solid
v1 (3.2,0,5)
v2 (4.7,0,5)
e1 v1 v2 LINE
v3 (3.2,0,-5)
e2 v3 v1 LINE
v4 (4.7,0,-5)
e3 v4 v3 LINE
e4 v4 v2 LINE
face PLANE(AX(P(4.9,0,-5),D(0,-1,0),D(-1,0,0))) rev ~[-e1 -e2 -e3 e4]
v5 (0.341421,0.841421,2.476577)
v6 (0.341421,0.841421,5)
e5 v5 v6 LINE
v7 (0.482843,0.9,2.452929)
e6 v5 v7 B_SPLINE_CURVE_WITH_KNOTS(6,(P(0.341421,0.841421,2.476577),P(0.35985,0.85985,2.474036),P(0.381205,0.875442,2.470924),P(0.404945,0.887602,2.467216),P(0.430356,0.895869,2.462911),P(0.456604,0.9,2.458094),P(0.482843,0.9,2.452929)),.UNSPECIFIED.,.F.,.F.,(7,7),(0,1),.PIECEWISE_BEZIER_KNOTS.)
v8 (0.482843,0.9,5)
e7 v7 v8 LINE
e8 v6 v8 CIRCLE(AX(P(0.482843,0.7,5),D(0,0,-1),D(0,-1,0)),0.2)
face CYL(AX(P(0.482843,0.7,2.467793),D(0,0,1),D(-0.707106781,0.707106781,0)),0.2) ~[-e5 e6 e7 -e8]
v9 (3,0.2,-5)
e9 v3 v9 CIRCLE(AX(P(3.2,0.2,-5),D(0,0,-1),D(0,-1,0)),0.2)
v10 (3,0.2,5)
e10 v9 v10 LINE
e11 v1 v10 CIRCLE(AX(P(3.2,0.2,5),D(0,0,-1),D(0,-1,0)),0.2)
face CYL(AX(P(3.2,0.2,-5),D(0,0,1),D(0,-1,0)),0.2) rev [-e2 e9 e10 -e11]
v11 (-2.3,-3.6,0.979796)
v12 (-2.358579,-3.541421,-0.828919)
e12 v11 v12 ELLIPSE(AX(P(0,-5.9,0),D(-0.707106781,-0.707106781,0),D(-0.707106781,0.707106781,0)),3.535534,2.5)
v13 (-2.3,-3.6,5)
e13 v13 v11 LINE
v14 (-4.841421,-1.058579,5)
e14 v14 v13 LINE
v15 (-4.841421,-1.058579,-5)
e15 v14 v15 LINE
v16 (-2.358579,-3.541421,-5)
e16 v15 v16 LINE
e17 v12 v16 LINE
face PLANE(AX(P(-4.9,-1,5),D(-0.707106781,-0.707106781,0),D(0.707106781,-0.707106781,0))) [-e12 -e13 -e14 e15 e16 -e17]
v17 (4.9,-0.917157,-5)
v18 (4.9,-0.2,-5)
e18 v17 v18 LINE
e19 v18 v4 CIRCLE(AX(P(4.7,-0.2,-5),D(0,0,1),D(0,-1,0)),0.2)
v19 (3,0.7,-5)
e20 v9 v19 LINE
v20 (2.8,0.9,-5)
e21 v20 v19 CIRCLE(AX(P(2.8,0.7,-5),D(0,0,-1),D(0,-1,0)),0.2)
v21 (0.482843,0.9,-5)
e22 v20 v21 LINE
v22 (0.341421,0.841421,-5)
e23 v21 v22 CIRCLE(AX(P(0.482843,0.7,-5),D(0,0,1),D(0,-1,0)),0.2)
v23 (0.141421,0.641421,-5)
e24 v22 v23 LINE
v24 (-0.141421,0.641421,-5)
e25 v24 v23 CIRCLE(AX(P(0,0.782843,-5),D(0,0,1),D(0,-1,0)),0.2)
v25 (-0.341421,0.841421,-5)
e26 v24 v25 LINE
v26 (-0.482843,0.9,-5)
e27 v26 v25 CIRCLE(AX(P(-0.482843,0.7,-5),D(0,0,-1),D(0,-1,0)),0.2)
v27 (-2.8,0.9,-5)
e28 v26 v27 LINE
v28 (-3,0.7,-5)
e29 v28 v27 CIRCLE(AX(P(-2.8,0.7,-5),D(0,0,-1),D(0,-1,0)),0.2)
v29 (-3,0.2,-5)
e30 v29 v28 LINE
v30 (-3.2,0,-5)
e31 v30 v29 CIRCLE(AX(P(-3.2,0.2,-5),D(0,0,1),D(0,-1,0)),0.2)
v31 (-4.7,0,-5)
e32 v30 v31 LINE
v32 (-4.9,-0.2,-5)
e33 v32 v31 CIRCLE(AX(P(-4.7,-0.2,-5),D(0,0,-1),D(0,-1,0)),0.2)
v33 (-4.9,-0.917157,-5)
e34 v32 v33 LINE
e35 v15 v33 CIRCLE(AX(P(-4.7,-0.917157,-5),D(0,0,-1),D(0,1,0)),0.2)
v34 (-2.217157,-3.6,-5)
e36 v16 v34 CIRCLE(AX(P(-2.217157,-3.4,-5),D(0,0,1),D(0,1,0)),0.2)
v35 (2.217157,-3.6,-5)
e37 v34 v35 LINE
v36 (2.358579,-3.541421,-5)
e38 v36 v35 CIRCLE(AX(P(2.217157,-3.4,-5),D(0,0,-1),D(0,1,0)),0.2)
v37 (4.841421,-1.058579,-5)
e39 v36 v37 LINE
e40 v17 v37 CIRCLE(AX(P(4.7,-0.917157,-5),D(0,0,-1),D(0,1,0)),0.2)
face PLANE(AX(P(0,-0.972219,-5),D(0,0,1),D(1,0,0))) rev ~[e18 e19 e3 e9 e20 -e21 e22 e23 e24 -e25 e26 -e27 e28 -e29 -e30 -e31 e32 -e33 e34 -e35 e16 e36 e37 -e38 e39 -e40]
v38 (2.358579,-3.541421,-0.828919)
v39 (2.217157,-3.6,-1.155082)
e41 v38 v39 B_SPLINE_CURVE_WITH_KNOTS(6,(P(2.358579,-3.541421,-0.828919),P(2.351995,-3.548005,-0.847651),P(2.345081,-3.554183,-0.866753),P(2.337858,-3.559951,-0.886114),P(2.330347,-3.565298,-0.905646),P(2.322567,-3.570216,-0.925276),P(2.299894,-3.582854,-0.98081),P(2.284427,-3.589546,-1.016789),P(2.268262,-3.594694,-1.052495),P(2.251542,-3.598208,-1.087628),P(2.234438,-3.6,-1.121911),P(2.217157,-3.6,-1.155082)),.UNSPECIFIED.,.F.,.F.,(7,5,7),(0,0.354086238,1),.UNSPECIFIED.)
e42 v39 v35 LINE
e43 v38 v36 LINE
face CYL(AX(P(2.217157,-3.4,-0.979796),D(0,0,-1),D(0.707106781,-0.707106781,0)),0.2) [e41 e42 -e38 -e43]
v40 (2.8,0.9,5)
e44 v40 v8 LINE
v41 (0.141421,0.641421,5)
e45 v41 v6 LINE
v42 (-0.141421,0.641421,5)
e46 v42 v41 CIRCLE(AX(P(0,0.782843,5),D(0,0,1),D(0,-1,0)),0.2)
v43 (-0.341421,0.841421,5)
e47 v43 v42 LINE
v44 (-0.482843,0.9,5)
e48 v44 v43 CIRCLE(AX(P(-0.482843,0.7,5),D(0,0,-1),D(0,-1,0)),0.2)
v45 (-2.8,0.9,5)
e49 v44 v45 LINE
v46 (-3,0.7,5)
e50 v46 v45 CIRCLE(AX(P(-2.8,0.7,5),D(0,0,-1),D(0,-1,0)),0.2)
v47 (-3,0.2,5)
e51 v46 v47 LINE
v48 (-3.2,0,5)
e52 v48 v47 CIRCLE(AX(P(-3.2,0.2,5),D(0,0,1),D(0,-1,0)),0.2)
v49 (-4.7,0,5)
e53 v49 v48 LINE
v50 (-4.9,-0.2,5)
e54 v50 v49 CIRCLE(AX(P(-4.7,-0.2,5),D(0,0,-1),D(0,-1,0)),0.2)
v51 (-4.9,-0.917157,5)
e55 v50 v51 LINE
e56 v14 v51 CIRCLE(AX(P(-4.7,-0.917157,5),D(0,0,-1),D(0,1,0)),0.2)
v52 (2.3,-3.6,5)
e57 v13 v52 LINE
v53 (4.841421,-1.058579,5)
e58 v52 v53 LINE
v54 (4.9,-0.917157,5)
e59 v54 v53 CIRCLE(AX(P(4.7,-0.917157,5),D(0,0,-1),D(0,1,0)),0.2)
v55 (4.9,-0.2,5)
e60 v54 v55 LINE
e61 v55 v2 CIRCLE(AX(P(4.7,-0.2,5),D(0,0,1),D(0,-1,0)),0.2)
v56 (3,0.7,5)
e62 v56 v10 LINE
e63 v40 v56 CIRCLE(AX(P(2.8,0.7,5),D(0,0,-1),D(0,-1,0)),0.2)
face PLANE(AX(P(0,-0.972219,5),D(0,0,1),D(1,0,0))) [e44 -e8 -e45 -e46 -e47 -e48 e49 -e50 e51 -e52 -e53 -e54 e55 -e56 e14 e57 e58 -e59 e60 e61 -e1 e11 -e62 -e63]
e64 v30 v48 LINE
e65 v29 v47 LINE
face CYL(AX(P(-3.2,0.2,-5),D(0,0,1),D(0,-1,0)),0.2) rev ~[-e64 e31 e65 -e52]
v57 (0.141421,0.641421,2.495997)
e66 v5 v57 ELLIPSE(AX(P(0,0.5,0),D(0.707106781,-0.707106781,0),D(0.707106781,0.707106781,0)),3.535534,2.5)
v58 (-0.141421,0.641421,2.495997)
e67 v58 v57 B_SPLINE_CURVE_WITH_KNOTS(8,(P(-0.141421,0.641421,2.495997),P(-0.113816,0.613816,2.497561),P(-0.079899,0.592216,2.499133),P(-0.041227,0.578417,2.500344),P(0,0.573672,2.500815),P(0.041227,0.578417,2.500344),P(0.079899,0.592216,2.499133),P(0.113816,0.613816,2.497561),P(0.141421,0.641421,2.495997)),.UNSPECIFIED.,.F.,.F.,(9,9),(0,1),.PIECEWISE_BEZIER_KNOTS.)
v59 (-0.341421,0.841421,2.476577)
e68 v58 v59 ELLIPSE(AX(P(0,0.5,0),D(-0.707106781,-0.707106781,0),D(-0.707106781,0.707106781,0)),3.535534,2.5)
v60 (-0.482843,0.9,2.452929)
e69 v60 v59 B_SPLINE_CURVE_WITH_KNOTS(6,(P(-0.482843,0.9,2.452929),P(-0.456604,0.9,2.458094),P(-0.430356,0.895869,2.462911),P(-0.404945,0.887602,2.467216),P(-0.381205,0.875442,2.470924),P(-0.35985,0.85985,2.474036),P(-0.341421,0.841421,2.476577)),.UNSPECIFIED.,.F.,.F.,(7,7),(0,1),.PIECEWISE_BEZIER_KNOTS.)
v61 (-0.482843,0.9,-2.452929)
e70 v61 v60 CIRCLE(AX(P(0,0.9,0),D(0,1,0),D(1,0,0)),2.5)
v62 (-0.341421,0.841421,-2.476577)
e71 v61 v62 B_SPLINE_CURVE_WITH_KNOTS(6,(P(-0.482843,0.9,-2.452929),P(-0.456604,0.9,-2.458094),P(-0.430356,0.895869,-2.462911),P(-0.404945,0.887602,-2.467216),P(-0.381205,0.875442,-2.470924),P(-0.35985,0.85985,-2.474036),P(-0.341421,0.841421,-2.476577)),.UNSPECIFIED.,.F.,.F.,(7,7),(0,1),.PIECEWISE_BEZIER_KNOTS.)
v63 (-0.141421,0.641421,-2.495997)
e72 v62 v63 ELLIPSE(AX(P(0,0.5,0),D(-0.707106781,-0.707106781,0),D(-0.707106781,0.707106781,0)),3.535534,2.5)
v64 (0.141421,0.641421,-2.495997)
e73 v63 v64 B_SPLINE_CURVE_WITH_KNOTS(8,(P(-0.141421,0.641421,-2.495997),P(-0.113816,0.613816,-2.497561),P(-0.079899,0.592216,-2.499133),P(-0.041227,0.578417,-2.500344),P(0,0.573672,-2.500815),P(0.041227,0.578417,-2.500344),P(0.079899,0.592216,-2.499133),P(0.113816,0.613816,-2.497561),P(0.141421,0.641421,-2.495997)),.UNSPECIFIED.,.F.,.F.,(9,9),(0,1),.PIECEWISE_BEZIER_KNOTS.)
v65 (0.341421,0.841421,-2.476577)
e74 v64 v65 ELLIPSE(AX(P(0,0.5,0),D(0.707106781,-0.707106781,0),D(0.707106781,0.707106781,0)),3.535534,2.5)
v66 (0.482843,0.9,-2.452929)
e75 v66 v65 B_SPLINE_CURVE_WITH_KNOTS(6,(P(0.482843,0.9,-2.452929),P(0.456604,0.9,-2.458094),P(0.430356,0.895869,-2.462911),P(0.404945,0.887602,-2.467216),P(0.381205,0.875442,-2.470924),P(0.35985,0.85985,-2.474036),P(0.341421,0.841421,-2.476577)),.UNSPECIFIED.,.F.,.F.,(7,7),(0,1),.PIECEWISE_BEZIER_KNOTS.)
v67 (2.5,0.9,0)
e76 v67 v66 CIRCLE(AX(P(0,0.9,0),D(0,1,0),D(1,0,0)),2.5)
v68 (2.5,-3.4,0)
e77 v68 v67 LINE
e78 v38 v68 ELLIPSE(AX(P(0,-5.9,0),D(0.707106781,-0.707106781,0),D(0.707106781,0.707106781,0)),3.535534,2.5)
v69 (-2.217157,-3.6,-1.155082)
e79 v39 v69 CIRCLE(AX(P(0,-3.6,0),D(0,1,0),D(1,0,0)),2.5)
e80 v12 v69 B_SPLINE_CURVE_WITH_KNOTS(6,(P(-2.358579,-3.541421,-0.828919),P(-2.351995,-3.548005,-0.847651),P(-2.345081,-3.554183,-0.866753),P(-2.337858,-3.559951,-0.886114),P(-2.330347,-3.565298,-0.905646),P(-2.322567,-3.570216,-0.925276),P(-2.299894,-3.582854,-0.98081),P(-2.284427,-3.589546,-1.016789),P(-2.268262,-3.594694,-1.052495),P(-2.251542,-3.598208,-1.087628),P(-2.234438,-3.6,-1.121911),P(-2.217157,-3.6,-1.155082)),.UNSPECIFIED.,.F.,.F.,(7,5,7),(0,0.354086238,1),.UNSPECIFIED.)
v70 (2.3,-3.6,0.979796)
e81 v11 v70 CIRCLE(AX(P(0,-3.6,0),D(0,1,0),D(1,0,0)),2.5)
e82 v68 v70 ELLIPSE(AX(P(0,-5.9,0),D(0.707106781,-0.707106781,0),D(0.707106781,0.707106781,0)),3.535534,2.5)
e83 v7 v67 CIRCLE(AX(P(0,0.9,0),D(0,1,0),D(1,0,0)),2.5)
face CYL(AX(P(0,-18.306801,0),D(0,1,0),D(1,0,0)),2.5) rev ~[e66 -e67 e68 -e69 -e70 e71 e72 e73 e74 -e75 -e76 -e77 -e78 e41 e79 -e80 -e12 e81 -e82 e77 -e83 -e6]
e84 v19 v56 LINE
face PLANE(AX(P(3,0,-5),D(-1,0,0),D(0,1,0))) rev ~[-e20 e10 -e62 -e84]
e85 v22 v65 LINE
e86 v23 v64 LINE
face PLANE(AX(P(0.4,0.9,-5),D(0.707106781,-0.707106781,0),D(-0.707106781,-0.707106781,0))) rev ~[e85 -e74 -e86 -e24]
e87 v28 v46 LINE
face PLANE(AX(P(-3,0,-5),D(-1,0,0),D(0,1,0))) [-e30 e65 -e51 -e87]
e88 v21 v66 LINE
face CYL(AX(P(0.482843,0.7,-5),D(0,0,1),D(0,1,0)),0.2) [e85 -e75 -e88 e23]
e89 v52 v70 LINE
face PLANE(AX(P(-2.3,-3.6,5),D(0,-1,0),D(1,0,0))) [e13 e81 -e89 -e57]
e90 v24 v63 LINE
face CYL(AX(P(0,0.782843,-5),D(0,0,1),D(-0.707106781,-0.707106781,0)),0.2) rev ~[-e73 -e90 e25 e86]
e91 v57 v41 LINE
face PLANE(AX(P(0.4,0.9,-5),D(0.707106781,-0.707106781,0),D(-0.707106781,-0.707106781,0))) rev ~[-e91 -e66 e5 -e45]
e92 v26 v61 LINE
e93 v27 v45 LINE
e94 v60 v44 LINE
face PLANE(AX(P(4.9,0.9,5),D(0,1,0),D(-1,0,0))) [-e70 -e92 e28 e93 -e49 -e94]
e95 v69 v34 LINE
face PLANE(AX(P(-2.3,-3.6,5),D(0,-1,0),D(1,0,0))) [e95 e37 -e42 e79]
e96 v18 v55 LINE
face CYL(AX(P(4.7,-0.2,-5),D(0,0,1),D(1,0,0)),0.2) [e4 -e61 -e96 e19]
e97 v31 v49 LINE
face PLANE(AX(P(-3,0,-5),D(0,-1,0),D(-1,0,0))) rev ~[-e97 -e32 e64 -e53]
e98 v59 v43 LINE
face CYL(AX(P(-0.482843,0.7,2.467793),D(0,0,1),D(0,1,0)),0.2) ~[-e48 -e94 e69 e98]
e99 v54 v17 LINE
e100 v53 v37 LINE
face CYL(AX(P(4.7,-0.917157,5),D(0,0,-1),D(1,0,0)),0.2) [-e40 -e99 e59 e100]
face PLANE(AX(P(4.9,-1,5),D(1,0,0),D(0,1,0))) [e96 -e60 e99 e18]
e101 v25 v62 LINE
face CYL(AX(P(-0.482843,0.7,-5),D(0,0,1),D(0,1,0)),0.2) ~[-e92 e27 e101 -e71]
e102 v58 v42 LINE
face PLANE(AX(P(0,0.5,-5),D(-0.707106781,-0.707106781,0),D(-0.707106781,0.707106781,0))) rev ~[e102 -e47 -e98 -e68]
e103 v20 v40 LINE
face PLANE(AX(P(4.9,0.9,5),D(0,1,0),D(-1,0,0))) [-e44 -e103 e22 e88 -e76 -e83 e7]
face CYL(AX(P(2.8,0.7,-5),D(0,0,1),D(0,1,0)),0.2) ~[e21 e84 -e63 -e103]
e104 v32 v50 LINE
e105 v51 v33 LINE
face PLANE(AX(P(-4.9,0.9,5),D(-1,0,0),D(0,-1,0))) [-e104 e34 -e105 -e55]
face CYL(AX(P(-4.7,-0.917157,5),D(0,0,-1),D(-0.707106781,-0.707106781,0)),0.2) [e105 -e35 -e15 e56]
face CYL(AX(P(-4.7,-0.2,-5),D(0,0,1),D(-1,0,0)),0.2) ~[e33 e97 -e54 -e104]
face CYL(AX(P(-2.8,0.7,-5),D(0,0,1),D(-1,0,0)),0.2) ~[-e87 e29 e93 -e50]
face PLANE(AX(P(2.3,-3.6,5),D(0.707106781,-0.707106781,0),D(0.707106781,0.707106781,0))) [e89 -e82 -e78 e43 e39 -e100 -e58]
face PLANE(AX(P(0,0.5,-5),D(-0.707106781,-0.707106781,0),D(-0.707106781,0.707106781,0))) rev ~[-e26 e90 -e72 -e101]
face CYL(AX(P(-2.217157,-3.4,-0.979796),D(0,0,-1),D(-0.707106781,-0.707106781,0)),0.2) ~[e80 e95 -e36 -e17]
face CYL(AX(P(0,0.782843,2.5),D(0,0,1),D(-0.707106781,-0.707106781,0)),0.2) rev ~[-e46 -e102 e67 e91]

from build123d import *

# Parameters (mm, degrees)
EXTRUDE_BODY_DEPTH = 10
SKETCH2_W          = 1.9
SKETCH2_H          = 0.9
CUT_EXTRUDE1_DEPTH = 12.703418304
SKETCH3_W          = 1.9
SKETCH3_H          = 0.9
CUT_EXTRUDE2_DEPTH = 12.703418304
CUT_EXTRUDE3_DEPTH = 12.703418304
HOLE_REVOLVE_D     = 5
EDGE_FILLETS_R     = 0.2


with BuildPart() as part:
    # Sketch1 → Extrude Body (new body)
    with BuildSketch(Plane.XY.offset(5)):
        Polygon((4.9, -1), (4.9, 0.9), (-4.9, 0.9), (-4.9, -1), (-2.3, -3.6), (2.3, -3.6), align=None)
    extrude(amount=-EXTRUDE_BODY_DEPTH)

    # Sketch2 → Cut-Extrude1 (cut, through all)
    with BuildSketch(Plane(origin=(0, 0, -5), x_dir=(-1, 0, 0), z_dir=(0, 0, -1))):
        with Locations((3.95, 0.45)):
            Rectangle(SKETCH2_W, SKETCH2_H)
    extrude(amount=-CUT_EXTRUDE1_DEPTH, mode=Mode.SUBTRACT)

    # Sketch3 → Cut-Extrude2 (cut, through all)
    with BuildSketch(Plane(origin=(0, 0, -5), x_dir=(-1, 0, 0), z_dir=(0, 0, -1))):
        with Locations((-3.95, 0.45)):
            Rectangle(SKETCH3_W, SKETCH3_H)
    extrude(amount=-CUT_EXTRUDE2_DEPTH, mode=Mode.SUBTRACT)

    # Sketch4 → Cut-Extrude3 (cut, through all)
    with BuildSketch(Plane(origin=(0, 0, -5), x_dir=(-1, 0, 0), z_dir=(0, 0, -1))):
        Polygon((0.4, 0.9), (-0.4, 0.9), (0, 0.5), align=None)
    extrude(amount=-CUT_EXTRUDE3_DEPTH, mode=Mode.SUBTRACT)

    # Hole Revolve (through all)
    with Locations(Plane(origin=(0, -3.6, 0), x_dir=(-1, 0, 0), z_dir=(0, -1, 0))):
        with Locations((0, 0)):
            Hole(HOLE_REVOLVE_D / 2)

    # Edge Fillets
    edge_fillets_edges = [part.edges().sort_by_distance(p)[0] for p in [
        (4.9, 0, 0),
        (3, 0, 0),
        (-4.9, -1, 0),
        (3, 0.9, 0),
        (-3, 0, 0),
        (0.4, 0.9, -3.733896268),
        (0, 0.5, 3.75),
        (-0.4, 0.9, -3.733896268),
        (4.9, -1, 0),
        (-3, 0.9, 0),
        (0, 0.5, -3.75),
        (-0.4, 0.9, 3.733896268),
        (-4.9, 0, 0),
        (-2.3, -3.6, -2.989897949),
        (0.4, 0.9, 3.733896268),
        (2.3, -3.6, -2.989897949),
    ]]
    fillet(edge_fillets_edges, radius=EDGE_FILLETS_R)


solid = part.part
